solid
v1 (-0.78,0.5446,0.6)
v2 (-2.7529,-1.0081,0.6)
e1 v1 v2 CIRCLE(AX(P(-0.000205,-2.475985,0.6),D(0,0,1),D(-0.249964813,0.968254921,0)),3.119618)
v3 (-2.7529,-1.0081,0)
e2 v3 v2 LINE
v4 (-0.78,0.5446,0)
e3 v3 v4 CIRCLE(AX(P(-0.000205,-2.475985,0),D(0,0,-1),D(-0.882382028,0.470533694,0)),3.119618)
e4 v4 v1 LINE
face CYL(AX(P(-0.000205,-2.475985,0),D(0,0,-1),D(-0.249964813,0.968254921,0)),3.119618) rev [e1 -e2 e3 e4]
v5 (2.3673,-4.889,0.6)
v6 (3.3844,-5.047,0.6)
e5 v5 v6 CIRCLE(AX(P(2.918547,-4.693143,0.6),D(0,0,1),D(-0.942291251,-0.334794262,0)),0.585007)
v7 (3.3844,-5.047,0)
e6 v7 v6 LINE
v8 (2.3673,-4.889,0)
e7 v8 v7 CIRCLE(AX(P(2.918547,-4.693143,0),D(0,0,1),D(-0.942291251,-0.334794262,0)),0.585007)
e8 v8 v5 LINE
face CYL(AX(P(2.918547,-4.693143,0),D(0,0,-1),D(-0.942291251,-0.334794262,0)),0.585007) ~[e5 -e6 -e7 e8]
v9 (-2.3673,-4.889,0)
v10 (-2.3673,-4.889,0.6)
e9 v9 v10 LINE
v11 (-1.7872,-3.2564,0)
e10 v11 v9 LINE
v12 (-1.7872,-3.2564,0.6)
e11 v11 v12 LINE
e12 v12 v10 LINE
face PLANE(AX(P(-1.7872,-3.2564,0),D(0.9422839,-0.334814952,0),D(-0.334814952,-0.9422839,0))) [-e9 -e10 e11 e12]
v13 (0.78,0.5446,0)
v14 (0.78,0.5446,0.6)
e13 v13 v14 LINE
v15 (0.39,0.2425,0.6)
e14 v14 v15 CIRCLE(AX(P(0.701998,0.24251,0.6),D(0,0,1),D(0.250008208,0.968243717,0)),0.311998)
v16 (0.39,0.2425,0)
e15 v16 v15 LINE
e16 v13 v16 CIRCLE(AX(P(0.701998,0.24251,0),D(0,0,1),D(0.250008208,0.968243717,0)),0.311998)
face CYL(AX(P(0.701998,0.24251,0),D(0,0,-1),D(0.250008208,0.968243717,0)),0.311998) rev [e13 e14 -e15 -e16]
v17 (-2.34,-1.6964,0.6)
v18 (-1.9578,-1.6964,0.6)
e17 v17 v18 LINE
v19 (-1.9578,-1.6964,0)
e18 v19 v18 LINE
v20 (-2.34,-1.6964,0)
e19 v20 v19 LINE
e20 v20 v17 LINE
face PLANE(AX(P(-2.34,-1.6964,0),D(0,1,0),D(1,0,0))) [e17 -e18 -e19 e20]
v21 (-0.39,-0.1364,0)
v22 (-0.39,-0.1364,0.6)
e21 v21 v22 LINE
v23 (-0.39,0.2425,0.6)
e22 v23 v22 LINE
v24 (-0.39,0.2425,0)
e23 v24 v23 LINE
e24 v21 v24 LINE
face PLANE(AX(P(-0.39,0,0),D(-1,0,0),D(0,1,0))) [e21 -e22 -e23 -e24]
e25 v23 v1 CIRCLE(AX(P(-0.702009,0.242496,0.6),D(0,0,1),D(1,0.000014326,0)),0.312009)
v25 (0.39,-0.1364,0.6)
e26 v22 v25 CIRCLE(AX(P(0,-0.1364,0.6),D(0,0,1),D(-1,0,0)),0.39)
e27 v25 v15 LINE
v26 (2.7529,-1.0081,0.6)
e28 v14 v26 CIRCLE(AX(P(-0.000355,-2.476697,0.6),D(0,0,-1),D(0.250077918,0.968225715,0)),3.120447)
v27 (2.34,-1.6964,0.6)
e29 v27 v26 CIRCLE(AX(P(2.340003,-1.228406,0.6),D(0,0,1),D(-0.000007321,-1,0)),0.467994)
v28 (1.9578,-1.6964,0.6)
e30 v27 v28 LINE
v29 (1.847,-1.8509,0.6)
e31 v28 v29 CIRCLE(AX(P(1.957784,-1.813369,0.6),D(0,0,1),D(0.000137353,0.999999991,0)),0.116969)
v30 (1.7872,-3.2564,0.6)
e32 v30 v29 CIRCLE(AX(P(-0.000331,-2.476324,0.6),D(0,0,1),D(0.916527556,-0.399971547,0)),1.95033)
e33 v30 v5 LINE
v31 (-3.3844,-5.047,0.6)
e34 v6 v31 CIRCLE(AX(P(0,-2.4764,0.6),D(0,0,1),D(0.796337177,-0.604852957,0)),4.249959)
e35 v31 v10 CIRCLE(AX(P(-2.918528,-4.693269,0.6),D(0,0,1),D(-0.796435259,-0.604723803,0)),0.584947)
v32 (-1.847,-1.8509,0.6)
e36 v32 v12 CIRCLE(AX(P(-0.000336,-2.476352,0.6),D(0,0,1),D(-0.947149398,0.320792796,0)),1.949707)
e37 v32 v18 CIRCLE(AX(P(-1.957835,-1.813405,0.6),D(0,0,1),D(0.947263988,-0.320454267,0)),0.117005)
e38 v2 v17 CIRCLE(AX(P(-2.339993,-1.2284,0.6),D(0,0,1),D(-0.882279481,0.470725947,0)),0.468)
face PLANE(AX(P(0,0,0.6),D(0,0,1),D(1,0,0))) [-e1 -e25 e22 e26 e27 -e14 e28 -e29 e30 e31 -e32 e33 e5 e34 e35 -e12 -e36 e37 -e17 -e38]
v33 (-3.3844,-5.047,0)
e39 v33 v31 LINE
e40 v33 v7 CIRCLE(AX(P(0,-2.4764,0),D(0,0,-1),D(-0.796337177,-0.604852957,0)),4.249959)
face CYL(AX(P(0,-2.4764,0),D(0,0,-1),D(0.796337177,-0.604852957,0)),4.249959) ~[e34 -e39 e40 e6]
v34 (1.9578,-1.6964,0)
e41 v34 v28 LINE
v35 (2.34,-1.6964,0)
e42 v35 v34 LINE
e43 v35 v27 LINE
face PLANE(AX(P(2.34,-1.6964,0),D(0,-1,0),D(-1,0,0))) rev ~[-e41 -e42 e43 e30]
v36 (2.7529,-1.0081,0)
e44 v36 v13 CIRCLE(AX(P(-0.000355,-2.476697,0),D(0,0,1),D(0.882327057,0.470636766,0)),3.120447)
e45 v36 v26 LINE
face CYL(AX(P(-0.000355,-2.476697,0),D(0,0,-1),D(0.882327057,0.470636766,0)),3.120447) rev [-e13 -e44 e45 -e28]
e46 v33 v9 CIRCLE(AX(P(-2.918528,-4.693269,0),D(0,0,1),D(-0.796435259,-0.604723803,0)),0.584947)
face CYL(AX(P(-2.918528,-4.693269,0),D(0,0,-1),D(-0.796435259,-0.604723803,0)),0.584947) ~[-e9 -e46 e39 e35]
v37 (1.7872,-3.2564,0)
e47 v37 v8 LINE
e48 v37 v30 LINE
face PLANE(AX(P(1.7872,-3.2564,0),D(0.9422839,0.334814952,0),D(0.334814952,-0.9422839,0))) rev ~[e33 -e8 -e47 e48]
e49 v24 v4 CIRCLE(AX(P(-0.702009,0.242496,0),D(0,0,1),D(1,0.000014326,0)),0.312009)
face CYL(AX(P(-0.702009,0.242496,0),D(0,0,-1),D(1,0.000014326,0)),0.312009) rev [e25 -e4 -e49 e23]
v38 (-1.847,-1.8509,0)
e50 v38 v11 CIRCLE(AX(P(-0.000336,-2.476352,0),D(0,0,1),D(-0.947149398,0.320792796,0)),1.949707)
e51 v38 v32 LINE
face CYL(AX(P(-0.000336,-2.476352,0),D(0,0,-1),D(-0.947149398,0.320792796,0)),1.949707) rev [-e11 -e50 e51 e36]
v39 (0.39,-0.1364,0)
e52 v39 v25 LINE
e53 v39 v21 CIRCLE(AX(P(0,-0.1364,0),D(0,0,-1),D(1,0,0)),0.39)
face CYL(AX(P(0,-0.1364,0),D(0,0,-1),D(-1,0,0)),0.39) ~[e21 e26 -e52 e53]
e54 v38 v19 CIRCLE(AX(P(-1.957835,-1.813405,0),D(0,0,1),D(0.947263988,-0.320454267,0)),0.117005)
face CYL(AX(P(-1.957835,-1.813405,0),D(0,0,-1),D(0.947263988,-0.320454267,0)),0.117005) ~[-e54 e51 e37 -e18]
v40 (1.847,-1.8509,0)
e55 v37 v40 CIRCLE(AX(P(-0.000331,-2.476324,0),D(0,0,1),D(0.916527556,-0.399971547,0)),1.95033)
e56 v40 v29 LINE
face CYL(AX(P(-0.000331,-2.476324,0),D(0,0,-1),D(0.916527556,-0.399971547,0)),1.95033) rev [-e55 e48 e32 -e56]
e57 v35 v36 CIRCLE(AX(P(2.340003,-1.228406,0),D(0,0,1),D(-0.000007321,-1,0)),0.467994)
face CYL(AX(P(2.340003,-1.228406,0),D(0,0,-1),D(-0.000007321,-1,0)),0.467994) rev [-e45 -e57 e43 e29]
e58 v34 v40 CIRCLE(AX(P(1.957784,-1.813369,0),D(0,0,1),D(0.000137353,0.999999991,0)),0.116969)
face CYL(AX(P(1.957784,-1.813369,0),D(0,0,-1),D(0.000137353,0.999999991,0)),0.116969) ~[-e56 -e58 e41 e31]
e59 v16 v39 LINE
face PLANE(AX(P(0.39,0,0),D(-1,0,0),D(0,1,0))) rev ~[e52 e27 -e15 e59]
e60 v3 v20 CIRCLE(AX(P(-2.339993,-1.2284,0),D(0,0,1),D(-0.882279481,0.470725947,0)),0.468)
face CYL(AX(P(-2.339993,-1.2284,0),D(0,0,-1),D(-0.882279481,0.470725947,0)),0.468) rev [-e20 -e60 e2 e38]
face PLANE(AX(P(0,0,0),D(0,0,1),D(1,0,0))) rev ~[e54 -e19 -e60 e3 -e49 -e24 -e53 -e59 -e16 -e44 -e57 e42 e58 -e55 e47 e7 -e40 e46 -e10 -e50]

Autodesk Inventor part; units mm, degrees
ref_plane "YZ Plane" through (0, 0, 0) normal (1, 0, 0) x (0, 1, 0)
ref_plane "XZ Plane" through (0, 0, 0) normal (0, 1, 0) x (-1, 0, 0)
sketch "Sketch1" plane through (0, 0, 0) normal (0, 0, 1) x (1, 0, 0)
  circle A0 centre (0, -2.4764) radius 2.5 construction
  line L0 (-0.39, 0.0236) -> (0, 0.0236) construction
  line L1 (-3.206, 0) -> (3.4858, 0) projected
  line L2 (-1.7872, -3.2564) -> (1.7872, -3.2564) construction
  arc A1 (-1.847, -1.8509) -> (-1.7872, -3.2564) centre (0, -2.4764) ccw
  line L3 (0, 1.949) -> (0, -3.4788) projected
  arc A2 (-0.39, -0.1364) -> (0.39, -0.1364) centre (0, -0.1364) ccw
  arc A3 (3.3844, -5.047) -> (-3.3844, -5.047) centre (0, -2.4764) ccw
  line L4 (-2.34, -1.6964) -> (-1.9578, -1.6964)
  line L5 (-0.39, -0.1364) -> (-0.39, 0.2425)
  arc A4 (-0.78, 0.5446) -> (-2.7529, -1.0081) centre (0, -2.4764) ccw
  arc A5 (-0.39, 0.2425) -> (-0.78, 0.5446) centre (-0.702, 0.2425) ccw
  arc A6 (-2.7529, -1.0081) -> (-2.34, -1.6964) centre (-2.34, -1.2284) ccw
  arc A7 (-1.847, -1.8509) -> (-1.9578, -1.6964) centre (-1.9578, -1.8134) ccw
  line L6 (0, 1.7736) -> (2.5298, 1.7736) construction
  line L7 (-1.7872, -3.2564) -> (-2.3673, -4.889)
  arc A8 (-3.3844, -5.047) -> (-2.3673, -4.889) centre (-2.9185, -4.6932) ccw
  line L8 (0, -0.5264) -> (-1.2778, -0.5264) construction
  line L9 (1.7872, -3.2564) -> (2.3673, -4.889)
  arc A9 (2.3673, -4.889) -> (3.3844, -5.047) centre (2.9185, -4.6932) ccw
  arc A10 (1.7872, -3.2564) -> (1.847, -1.8509) centre (0, -2.4764) ccw
  line L10 (2.34, -1.6964) -> (1.9578, -1.6964)
  line L11 (0.39, -0.1364) -> (0.39, 0.2425)
  arc A11 (2.7529, -1.0081) -> (0.78, 0.5446) centre (0, -2.4764) ccw
  arc A12 (0.78, 0.5446) -> (0.39, 0.2425) centre (0.702, 0.2425) ccw
  arc A13 (2.34, -1.6964) -> (2.7529, -1.0081) centre (2.34, -1.2284) ccw
  arc A14 (1.9578, -1.6964) -> (1.847, -1.8509) centre (1.9578, -1.8134) ccw
  point P0 (0.39, 0.0236)
  dimension "d0" = 5
  dimension "d3" = 0.78
  dimension "d4" = 0.39
  dimension "d5" = 8.5
  dimension "d8" = 3.12
  dimension "d9" = 0.78
  dimension "d10" = 0.312
  dimension "d11" = 0.468
  dimension "d12" = 0.117
  dimension "d13" = 0.585
  dimension "d14" = 1.95
  dimension "d15" = 1.95
extrude "Body" add sketch "Sketch1" along normal blind 0.6 contours A4 A6 L4 A7 A1 L7 A8 A3 L3 L1 L5 A5 | L1 L3 A2 L5 | L3 A3 L1 A11 A12 L11 | L1 L11 A2 L3 | L1 A3 A9 L9 A10 A14 L10 A13 A11
ref_plane "Work Plane1" through (0, -2.4764, 0) normal (-1, 0, 0) x (0, 0, 1)
equation "\"d0\" = WD"
equation "\"d3\" = 0.2 * ND"
equation "\"d4\" = 0.1 * ND"
equation "\"d5\" = SD2"
equation "\"d8\" = 0.8 * ND"
equation "\"d9\" = 0.2 * ND"
equation "\"d10\" = 0.08 * ND"
equation "\"d11\" = 0.12 * ND"
equation "\"d12\" = 0.03 * ND"
equation "\"d13\" = 0.15 * ND"
equation "\"d14\" = 0.5 * ND"
equation "\"d15\" = 0.5 * ND"
equation "\"d16\" = SD"
equation "\"ND\" = 3.9"
equation "\"SD\" = 0.6"
equation "\"WD\" = WDMIN"
equation "\"d1\" = 1.6 * ND"
equation "\"d2\" = ND"
equation "\"SD2\" = 8.5"
equation "\"d6\" = ND"
equation "\"d7\" = 0.15 * ND"
equation "\"WDMIN\" = 5"
equation "\"SNB\" = 0.7"
equation "\"WDMAX\" = 6"
equation "\"BUBRMI\" = 1.1"
properties part number "ANSI B27.7 - 5, E" material "Steel, Mild"
